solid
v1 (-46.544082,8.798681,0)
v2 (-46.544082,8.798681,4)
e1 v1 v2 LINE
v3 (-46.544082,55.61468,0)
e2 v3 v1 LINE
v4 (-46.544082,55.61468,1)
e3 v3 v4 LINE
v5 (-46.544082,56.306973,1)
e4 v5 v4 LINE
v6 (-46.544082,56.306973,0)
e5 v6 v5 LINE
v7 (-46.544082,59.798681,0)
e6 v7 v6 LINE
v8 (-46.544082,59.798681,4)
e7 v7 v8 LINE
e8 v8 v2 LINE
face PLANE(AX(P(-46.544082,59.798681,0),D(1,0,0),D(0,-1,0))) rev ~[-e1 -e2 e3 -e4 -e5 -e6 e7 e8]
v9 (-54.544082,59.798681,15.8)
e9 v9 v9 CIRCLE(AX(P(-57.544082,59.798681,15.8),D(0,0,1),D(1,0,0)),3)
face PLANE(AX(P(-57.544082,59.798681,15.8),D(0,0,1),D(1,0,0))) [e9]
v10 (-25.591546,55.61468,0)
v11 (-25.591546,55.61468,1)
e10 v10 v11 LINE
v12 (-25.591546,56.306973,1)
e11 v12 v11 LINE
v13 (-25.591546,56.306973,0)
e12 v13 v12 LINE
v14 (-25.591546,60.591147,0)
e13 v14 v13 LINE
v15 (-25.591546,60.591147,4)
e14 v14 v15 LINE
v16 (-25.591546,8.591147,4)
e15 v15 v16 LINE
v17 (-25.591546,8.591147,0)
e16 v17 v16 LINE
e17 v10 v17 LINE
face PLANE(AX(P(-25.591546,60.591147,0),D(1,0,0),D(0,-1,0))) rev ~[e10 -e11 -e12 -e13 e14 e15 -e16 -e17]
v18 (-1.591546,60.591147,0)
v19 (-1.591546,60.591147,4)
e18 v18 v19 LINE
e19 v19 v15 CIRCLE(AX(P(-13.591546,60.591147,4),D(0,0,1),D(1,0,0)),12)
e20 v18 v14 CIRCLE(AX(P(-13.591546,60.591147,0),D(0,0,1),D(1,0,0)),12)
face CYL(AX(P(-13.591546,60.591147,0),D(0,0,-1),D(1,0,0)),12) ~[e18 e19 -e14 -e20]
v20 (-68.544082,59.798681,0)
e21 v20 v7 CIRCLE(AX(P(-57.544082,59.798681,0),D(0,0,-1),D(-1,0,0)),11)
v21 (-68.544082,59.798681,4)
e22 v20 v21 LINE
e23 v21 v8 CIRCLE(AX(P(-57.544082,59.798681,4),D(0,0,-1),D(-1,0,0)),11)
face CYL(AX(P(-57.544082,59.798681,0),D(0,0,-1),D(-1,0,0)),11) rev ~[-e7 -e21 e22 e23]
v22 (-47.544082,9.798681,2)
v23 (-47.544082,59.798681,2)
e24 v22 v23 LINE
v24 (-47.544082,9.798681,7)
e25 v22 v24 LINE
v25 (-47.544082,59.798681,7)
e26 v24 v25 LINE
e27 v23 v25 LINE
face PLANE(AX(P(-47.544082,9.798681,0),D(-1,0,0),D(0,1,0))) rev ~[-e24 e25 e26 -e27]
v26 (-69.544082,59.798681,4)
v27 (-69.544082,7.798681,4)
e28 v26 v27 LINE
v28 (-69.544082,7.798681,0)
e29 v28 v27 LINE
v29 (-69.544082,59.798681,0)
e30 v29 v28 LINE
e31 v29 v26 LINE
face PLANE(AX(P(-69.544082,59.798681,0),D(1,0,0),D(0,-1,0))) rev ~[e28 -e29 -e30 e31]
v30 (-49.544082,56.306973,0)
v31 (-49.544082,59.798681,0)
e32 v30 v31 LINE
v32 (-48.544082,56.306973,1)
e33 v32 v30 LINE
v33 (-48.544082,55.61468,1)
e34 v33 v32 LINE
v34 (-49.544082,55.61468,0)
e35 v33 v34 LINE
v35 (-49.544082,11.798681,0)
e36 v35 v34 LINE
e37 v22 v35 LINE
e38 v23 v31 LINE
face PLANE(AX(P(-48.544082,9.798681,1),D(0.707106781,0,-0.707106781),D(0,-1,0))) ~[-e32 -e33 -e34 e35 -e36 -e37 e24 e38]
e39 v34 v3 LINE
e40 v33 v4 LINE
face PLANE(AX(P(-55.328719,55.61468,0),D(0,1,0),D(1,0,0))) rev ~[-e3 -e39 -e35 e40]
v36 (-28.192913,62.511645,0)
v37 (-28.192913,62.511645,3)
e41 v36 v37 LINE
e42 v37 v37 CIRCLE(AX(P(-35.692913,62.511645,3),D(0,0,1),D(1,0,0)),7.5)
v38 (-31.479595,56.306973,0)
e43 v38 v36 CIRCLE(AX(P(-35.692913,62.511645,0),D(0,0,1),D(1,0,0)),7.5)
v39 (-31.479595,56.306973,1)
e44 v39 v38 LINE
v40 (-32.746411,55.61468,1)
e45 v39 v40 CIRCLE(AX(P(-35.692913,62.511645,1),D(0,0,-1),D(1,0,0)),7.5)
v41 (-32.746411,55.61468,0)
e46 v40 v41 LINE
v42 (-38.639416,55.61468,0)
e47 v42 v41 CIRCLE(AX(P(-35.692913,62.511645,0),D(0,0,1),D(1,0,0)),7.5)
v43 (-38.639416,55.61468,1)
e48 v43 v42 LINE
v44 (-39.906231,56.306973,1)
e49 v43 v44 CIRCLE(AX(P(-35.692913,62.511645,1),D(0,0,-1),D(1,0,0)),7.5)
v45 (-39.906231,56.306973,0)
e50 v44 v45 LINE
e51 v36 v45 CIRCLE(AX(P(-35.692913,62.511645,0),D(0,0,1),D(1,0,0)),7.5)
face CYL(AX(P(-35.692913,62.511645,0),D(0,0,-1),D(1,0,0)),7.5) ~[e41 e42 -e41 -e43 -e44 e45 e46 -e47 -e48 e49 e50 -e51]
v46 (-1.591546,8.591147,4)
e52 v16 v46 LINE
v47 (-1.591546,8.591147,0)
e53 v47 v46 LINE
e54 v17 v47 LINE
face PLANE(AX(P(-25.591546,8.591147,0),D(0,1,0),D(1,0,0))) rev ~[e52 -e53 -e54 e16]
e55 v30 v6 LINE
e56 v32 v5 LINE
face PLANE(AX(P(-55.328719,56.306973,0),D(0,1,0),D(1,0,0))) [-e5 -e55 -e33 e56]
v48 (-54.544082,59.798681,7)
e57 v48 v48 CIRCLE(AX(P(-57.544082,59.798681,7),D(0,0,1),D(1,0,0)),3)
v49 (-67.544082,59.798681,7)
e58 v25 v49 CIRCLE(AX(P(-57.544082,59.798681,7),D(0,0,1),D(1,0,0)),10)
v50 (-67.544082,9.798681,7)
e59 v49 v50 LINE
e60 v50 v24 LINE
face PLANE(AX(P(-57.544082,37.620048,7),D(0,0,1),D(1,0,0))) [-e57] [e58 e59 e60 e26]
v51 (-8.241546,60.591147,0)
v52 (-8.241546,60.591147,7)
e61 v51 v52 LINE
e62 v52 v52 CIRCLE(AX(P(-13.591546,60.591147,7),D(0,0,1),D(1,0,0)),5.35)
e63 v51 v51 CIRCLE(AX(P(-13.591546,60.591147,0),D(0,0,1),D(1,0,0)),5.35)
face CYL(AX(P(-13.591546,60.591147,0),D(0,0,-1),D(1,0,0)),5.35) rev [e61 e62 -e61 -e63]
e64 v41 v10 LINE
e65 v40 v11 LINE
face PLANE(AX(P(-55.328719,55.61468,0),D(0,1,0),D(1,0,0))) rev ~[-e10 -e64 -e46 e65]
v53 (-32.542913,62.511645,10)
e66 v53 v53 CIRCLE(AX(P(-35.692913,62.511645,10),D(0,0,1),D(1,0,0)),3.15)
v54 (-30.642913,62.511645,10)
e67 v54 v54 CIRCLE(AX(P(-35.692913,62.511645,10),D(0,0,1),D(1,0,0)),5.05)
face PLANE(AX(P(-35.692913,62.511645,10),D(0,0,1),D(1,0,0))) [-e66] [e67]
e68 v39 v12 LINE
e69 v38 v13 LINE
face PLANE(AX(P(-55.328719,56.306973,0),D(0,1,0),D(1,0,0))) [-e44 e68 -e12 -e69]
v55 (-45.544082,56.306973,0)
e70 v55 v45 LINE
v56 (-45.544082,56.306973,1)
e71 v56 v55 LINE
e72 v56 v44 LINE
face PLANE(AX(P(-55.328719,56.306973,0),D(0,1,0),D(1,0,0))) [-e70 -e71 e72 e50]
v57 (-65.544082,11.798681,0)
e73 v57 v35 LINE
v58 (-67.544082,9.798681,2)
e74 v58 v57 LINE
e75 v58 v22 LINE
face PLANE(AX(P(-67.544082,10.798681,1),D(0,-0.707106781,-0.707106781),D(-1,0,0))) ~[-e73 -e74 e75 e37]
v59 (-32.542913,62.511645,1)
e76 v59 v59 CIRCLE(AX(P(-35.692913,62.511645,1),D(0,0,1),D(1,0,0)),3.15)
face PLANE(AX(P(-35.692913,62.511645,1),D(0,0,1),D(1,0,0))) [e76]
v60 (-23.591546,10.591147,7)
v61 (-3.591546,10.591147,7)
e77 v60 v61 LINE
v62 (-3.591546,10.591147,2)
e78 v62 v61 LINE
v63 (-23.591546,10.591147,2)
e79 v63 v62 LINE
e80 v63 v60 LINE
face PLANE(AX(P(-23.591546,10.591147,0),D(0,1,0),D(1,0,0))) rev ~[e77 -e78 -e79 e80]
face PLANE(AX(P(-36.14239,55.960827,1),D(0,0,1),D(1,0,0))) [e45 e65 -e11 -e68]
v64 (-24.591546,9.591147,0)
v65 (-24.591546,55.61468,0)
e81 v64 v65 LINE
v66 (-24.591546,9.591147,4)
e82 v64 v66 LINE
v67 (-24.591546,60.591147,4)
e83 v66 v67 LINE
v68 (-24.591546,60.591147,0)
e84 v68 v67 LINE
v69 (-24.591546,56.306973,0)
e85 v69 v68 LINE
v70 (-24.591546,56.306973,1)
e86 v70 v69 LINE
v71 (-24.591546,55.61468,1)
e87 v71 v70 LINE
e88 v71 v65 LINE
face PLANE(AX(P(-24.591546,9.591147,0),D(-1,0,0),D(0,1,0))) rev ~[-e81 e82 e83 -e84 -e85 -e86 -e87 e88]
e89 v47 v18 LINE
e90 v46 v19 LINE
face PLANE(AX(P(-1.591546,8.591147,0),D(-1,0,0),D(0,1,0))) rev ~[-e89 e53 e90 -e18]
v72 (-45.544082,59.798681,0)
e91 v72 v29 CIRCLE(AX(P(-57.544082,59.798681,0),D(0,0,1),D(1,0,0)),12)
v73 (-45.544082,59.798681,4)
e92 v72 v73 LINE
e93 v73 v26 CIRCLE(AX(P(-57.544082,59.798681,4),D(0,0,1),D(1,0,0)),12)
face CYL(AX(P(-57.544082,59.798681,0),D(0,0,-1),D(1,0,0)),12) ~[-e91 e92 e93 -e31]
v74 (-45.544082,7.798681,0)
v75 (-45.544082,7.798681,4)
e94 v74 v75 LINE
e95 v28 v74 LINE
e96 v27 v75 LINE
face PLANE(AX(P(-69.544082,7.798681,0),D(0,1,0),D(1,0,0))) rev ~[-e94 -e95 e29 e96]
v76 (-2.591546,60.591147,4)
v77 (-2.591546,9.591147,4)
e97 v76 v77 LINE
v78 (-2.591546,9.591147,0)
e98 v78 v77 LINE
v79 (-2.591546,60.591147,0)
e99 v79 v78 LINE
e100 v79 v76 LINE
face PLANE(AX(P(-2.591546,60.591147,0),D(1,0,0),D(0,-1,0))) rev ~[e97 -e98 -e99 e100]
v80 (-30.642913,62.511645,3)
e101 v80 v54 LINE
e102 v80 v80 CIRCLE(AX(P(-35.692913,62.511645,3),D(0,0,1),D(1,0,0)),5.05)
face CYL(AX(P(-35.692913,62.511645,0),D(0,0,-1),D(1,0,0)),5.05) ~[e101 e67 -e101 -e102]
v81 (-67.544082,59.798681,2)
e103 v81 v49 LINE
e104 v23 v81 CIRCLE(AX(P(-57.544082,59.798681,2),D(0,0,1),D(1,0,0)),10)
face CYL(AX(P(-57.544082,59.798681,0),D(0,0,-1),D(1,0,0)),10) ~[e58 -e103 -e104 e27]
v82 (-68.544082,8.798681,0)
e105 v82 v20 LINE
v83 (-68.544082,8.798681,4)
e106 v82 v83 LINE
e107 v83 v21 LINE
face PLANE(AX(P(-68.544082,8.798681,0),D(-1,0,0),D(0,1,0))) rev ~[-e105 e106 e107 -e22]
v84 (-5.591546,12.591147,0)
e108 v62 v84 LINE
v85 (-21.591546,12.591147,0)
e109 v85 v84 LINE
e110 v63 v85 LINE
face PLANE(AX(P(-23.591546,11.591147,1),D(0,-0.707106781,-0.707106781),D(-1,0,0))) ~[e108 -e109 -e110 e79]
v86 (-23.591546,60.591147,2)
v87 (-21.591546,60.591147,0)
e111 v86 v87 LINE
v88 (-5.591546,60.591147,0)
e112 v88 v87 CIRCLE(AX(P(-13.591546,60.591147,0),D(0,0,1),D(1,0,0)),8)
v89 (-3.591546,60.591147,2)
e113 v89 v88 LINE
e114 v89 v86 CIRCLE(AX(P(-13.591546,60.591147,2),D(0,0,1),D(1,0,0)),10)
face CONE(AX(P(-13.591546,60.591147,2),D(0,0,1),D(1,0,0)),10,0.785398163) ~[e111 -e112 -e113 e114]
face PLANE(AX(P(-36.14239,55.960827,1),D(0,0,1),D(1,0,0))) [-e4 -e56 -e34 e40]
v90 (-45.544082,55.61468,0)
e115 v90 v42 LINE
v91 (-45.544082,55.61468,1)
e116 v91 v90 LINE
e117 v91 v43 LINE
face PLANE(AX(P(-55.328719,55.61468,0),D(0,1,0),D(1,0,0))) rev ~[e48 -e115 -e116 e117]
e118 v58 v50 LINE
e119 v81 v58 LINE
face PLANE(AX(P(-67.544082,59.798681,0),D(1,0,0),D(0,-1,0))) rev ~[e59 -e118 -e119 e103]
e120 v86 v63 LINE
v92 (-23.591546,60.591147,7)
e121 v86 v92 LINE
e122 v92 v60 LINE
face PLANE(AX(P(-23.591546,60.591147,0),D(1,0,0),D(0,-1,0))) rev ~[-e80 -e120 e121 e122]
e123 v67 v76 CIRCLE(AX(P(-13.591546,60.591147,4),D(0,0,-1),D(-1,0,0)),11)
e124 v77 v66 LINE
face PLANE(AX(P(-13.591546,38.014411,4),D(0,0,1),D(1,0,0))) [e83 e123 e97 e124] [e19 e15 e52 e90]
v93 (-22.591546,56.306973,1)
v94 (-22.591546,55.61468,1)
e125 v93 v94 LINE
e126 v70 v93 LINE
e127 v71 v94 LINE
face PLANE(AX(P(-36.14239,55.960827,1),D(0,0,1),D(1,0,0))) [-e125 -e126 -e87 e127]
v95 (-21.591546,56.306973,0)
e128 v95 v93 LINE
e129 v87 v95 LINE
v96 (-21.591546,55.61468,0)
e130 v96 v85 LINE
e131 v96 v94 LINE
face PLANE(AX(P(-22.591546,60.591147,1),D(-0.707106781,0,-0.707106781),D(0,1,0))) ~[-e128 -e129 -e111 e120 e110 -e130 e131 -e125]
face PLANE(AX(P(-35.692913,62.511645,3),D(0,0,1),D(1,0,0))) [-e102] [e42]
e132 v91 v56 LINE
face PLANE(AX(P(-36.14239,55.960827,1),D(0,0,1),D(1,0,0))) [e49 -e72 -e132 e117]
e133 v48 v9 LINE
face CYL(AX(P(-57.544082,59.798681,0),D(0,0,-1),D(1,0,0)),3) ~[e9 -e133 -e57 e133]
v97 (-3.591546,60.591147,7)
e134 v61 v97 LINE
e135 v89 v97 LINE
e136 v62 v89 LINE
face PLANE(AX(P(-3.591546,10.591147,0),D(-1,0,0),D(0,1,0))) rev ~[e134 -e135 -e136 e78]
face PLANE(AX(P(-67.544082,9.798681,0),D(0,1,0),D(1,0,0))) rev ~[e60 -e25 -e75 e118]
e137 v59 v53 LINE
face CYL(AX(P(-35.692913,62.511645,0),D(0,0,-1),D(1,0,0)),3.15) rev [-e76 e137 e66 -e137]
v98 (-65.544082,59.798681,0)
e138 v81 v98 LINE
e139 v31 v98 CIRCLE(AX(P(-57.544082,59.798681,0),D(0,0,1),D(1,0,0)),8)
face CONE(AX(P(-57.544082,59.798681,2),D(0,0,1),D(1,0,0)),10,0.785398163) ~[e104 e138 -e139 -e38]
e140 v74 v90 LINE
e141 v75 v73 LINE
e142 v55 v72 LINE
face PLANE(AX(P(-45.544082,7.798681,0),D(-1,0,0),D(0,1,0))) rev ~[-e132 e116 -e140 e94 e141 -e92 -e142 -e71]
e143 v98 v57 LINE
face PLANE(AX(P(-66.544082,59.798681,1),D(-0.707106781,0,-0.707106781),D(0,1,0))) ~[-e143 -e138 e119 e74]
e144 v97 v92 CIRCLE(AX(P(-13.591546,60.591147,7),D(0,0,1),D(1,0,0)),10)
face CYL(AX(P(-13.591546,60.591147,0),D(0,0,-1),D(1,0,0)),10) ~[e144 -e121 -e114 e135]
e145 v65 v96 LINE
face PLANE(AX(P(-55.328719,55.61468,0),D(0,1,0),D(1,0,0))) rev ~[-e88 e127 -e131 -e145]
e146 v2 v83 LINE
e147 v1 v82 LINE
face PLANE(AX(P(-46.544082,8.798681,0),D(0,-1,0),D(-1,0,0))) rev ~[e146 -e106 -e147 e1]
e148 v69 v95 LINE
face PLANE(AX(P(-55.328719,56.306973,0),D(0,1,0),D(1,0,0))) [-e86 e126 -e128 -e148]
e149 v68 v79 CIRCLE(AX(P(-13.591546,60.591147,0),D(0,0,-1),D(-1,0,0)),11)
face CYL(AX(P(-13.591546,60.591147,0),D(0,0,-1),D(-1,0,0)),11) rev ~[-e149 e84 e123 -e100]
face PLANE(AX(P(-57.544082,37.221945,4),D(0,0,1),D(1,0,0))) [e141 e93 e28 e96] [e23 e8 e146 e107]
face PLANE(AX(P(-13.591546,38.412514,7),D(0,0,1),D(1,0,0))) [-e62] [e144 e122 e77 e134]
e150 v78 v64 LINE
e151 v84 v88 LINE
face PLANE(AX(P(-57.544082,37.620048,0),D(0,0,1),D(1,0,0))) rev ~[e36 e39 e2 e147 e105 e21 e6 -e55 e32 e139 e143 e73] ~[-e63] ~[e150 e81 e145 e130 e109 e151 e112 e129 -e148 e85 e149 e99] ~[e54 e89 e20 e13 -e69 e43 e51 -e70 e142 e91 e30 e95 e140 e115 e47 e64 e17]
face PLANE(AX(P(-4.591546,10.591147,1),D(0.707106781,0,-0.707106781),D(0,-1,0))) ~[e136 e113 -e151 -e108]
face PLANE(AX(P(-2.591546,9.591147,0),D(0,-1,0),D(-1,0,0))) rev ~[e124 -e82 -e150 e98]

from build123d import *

# Parameters (mm, degrees)
F1_R      = 3
F5_DEPTH  = 7
F6_SIZE   = 2
F7_DEPTH  = 15.8
F1_R_2    = 5.35
F8_DEPTH  = 7
F9_SIZE   = 2
F1_R_3    = 7.5
F1_R_4    = 5.05
F10_DEPTH = 3
F1_R_5    = 3.15
F11_DEPTH = 10
F12_DEPTH = 1
F13_DEPTH = 4
F14_W     = 38.3726581931
F14_H     = 0.6922930479
F15_DEPTH = 1


with BuildPart() as f5:
    # F1 (on Top) → F5 (new body)
    with BuildSketch(Plane.XY):
        with BuildLine():
            Line((-67.5440824628, 59.7986807566), (-67.5440824628, 9.7986807566))
            Line((-67.5440824628, 9.7986807566), (-47.5440824628, 9.7986807566))
            Line((-47.5440824628, 9.7986807566), (-47.5440824628, 59.7986807566))
            ThreePointArc((-47.5440824628, 59.7986807566), (-57.5440824628, 69.7986807566), (-67.5440824628, 59.7986807566))
        make_face()
        with Locations((-57.5440824628, 59.7986807566)):
            Circle(F1_R, mode=Mode.SUBTRACT)
    extrude(amount=F5_DEPTH)

    # F6
    f6_edges = [f5.edges().sort_by_distance(p)[0] for p in [
        (-57.544082, 9.798681, 0),
        (-47.544082, 34.798681, 0),
        (-57.544082, 69.798681, 0),
        (-67.544082, 34.798681, 0),
    ]]
    chamfer(f6_edges, length=F6_SIZE)

    # F1 (on Top) → F7 (join)
    with BuildSketch(Plane.XY):
        with Locations((-57.5440824628, 59.7986807566)):
            Circle(F1_R)
    extrude(amount=F7_DEPTH)



with BuildPart() as f8:
    # F1 (on Top) → F8 (new body)
    with BuildSketch(Plane.XY):
        with BuildLine():
            ThreePointArc((-3.5915456533, 60.5911472063), (-13.5915456533, 70.5911472063), (-23.5915456533, 60.5911472063))
            Line((-23.5915456533, 60.5911472063), (-23.5915456533, 10.5911472063))
            Line((-23.5915456533, 10.5911472063), (-3.5915456533, 10.5911472063))
            Line((-3.5915456533, 10.5911472063), (-3.5915456533, 60.5911472063))
        make_face()
        with Locations((-13.5915456533, 60.5911472063)):
            Circle(F1_R_2, mode=Mode.SUBTRACT)
    extrude(amount=F8_DEPTH)

    # F9
    f9_edges = [f8.edges().sort_by_distance(p)[0] for p in [
        (-13.591546, 10.591147, 0),
        (-3.591546, 35.591147, 0),
        (-13.591546, 70.591147, 0),
        (-23.591546, 35.591147, 0),
    ]]
    chamfer(f9_edges, length=F9_SIZE)


with BuildPart() as f10:
    # F1 (on Top) → F10 (new body)
    with BuildSketch(Plane.XY):
        with Locations((-35.6929131355, 62.5116448375)):
            Circle(F1_R_3)
        with Locations((-35.6929131355, 62.5116448375)):
            Circle(F1_R_4, mode=Mode.SUBTRACT)
    extrude(amount=F10_DEPTH)

    # F1 (on Top) → F11 (join)
    with BuildSketch(Plane.XY):
        with Locations((-35.6929131355, 62.5116448375)):
            Circle(F1_R_4)
        with Locations((-35.6929131355, 62.5116448375)):
            Circle(F1_R_5, mode=Mode.SUBTRACT)
    extrude(amount=F11_DEPTH)

    # F1 (on Top) → F12 (join)
    with BuildSketch(Plane.XY):
        with Locations((-35.6929131355, 62.5116448375)):
            Circle(F1_R_5)
    extrude(amount=F12_DEPTH)


with BuildPart() as f13:
    # F1 (on Top) → F13 (new body)
    with BuildSketch(Plane.XY):
        with BuildLine():
            Line((-69.5440824628, 59.7986807566), (-69.5440824628, 7.7986807566))
            Line((-69.5440824628, 7.7986807566), (-45.5440824628, 7.7986807566))
            Line((-45.5440824628, 7.7986807566), (-45.5440824628, 59.7986807566))
            ThreePointArc((-45.5440824628, 59.7986807566), (-57.5440824628, 71.7986807566), (-69.5440824628, 59.7986807566))
        make_face()
        with BuildLine():
            ThreePointArc((-68.5440824628, 59.7986807566), (-57.5440824628, 70.7986807566), (-46.5440824628, 59.7986807566))
            Line((-46.5440824628, 59.7986807566), (-46.5440824628, 8.7986807566))
            Line((-46.5440824628, 8.7986807566), (-68.5440824628, 8.7986807566))
            Line((-68.5440824628, 8.7986807566), (-68.5440824628, 59.7986807566))
        make_face(mode=Mode.SUBTRACT)
    extrude(amount=F13_DEPTH)


with BuildPart() as f13b:
    # F1 (on Top) → F13, piece 2 (new body)
    with BuildSketch(Plane.XY):
        with BuildLine():
            Line((-25.5915456533, 60.5911472063), (-25.5915456533, 8.5911472063))
            Line((-25.5915456533, 8.5911472063), (-1.5915456533, 8.5911472063))
            Line((-1.5915456533, 8.5911472063), (-1.5915456533, 60.5911472063))
            ThreePointArc((-1.5915456533, 60.5911472063), (-13.5915456533, 72.5911472063), (-25.5915456533, 60.5911472063))
        make_face()
        with BuildLine():
            Line((-2.5915456533, 9.5911472063), (-24.5915456533, 9.5911472063))
            Line((-24.5915456533, 9.5911472063), (-24.5915456533, 60.5911472063))
            ThreePointArc((-24.5915456533, 60.5911472063), (-13.5915456533, 71.5911472063), (-2.5915456533, 60.5911472063))
            Line((-2.5915456533, 60.5911472063), (-2.5915456533, 9.5911472063))
        make_face(mode=Mode.SUBTRACT)
    extrude(amount=F13_DEPTH)


with BuildPart() as f5_1:
    add(f5.part)

    add(f8.part)  # F15 merges F8

    add(f10.part)  # F15 merges F10

    add(f13.part)  # F15 merges F13

    add(f13b.part)  # F15 merges F13b
    # F14 (on Top) → F15 (join)
    with BuildSketch(Plane.XY):
        with Locations((-36.1423902214, 55.9608265758)):
            Rectangle(F14_W, F14_H)
    extrude(amount=F15_DEPTH)


solid = f5_1.part
